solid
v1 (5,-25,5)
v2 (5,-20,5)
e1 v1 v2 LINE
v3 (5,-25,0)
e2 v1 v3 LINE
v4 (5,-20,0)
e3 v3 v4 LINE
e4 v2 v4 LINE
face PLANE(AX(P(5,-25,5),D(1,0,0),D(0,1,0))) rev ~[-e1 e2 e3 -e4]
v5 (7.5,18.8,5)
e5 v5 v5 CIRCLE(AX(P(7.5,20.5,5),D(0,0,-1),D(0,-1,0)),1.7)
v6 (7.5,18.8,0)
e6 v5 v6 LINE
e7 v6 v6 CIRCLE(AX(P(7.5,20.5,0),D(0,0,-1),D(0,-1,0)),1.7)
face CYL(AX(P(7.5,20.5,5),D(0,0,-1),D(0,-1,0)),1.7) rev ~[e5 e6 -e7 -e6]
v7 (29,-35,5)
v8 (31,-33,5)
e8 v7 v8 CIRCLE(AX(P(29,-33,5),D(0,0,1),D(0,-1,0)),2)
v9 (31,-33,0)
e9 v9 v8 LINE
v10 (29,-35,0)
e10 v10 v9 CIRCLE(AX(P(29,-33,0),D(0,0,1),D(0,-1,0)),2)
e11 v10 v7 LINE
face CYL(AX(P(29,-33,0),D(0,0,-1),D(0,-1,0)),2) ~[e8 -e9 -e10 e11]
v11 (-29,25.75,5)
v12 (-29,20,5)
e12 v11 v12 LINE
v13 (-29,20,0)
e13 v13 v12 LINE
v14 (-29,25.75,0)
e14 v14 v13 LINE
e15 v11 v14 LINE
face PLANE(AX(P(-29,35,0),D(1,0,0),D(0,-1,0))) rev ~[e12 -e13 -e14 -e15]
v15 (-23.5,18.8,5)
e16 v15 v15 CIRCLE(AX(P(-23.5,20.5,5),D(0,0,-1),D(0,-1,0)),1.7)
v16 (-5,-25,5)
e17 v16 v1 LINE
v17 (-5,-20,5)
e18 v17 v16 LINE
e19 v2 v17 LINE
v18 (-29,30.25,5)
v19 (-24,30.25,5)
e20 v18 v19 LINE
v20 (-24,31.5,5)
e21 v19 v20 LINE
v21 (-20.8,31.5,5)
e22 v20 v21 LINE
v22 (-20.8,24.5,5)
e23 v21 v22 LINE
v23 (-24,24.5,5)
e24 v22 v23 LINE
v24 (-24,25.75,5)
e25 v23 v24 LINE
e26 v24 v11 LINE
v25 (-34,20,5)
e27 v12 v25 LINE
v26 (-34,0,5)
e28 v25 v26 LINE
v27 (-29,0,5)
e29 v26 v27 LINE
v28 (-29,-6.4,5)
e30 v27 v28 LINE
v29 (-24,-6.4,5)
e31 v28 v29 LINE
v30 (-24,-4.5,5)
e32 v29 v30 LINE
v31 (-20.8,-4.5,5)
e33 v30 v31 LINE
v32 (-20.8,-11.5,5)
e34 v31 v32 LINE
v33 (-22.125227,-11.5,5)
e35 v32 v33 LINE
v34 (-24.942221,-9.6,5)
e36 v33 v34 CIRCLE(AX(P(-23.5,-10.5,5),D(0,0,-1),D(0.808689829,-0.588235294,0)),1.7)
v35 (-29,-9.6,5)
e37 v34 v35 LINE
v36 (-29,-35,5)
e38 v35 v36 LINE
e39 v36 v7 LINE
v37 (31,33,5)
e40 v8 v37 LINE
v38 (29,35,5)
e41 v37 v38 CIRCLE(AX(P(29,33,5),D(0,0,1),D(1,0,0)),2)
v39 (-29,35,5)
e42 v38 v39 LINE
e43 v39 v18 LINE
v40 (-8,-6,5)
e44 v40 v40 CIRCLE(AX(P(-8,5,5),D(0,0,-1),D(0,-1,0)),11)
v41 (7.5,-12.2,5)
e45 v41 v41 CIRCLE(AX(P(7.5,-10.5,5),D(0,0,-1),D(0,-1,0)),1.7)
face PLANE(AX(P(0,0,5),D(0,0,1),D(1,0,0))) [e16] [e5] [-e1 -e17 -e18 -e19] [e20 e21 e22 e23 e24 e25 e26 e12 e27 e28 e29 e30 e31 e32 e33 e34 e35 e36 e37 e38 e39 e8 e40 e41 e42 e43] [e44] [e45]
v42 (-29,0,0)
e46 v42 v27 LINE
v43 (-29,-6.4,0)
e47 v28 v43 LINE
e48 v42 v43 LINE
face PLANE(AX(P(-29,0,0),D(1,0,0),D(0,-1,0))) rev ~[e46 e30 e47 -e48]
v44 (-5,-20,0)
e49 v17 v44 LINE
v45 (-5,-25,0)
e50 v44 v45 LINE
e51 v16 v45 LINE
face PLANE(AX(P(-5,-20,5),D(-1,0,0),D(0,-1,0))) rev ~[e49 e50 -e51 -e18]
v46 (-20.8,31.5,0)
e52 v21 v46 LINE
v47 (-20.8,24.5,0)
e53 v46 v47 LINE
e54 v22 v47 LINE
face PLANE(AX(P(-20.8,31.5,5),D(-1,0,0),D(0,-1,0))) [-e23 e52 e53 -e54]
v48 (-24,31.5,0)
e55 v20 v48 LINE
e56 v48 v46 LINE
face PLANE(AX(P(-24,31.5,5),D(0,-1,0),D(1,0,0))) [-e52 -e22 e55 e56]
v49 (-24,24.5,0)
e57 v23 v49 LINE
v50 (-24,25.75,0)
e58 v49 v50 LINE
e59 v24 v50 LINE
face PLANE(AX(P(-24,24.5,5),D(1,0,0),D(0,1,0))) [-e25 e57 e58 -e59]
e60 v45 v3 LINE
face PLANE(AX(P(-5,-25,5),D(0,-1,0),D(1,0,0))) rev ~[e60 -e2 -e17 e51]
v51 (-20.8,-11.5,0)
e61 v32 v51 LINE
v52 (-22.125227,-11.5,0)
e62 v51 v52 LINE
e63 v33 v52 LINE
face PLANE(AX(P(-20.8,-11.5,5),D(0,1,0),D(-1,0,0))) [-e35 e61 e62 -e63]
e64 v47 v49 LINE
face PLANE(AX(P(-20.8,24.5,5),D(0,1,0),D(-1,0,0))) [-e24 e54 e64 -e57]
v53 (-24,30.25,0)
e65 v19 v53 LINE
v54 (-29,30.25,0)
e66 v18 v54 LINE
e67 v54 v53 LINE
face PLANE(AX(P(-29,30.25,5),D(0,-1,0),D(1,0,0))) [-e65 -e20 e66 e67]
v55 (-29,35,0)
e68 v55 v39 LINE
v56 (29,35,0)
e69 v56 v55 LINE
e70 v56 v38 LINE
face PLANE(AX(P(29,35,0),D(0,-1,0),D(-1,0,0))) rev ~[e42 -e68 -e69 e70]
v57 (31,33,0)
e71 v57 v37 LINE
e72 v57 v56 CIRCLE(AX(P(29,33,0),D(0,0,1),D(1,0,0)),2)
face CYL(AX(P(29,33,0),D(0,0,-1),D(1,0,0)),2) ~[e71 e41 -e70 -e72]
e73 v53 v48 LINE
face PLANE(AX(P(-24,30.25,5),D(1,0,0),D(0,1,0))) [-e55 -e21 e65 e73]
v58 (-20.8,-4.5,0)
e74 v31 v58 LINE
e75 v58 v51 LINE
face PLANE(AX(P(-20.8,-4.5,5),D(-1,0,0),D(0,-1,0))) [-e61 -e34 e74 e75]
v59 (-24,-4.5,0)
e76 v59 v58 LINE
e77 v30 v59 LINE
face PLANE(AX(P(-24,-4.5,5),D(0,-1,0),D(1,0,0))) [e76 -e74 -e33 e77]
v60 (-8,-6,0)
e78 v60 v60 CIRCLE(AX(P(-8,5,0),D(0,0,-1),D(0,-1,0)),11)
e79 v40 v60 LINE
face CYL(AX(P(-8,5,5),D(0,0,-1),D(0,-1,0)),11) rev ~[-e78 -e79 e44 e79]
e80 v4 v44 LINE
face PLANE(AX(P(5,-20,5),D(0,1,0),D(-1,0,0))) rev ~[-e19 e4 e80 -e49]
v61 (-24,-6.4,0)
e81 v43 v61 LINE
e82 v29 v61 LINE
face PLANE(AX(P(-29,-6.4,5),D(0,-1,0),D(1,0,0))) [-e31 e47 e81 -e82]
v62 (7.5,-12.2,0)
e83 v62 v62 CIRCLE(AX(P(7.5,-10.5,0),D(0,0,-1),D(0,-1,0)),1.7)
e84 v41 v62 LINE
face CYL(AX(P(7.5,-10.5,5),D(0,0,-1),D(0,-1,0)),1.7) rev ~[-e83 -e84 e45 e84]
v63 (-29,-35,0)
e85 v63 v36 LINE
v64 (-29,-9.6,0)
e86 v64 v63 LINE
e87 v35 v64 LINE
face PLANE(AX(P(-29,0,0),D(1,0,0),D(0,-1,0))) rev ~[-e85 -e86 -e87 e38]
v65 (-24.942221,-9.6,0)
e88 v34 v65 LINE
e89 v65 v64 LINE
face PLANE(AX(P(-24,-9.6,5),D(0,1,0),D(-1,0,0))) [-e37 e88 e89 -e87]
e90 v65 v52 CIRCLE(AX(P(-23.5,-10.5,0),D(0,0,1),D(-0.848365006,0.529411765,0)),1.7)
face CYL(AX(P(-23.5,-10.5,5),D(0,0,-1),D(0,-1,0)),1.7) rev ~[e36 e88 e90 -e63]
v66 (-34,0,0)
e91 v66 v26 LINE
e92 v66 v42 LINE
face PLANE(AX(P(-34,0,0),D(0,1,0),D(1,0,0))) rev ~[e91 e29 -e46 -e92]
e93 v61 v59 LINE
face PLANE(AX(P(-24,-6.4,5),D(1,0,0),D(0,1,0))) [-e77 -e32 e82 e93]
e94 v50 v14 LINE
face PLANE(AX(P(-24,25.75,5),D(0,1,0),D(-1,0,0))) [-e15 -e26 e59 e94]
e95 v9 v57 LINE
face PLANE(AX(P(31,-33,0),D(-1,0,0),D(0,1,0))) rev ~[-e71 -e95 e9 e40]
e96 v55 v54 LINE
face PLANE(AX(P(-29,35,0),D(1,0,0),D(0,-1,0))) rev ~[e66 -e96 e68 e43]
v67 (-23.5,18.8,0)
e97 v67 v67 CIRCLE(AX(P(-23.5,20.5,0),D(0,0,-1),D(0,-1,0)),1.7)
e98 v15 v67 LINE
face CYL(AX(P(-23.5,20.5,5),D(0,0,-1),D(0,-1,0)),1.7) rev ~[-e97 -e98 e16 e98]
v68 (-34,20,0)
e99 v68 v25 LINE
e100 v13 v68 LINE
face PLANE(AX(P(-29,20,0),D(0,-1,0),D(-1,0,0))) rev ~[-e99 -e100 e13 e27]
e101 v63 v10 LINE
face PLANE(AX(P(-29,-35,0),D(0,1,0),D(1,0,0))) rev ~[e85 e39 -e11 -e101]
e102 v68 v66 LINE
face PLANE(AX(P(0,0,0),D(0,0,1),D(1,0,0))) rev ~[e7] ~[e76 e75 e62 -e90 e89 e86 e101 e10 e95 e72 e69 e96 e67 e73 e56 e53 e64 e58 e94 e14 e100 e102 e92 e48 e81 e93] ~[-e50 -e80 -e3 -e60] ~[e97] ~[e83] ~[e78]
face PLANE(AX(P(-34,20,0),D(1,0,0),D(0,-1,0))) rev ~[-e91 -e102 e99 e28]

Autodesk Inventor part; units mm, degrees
ref_plane "YZ Plane" through (0, 0, 0) normal (1, 0, 0) x (0, 1, 0)
ref_plane "XZ Plane" through (0, 0, 0) normal (0, 1, 0) x (-1, 0, 0)
ref_plane "XY Plane" through (0, 0, 0) normal (0, 0, 1) x (1, 0, 0)
sketch "Sketch1" plane through (0, 0, 0) normal (0, 0, 1) x (1, 0, 0)
  line L0 (29, 35) -> (-29, 35)
  line L1 (-29, 35) -> (-29, 20)
  line L2 (-29, 20) -> (-34, 20)
  line L3 (-34, 20) -> (-34, 0)
  line L4 (-34, 0) -> (-29, 0)
  line L5 (-29, 0) -> (-29, -35)
  line L6 (-29, -35) -> (29, -35)
  line L7 (31, -33) -> (31, 33)
  arc A0 (31, 33) -> (29, 35) centre (29, 33) ccw
  arc A1 (29, -35) -> (31, -33) centre (29, -33) ccw
  point P0 (0, 0)
  point P1 (31, 35)
  point P2 (31, -35)
  point P3 (31, 0)
  point P4 (0, 35)
  dimension "d0" = 70
  dimension "d1" = 5
  dimension "d2" = 20
  dimension "d3" = 15
  dimension "d4" = 60
  dimension "d7" = 2
extrude "Extrusion1" add sketch "Sketch1" along normal blind 5
sketch "Sketch2" plane through (0, 0, 5) normal (0, 0, 1) x (1, 0, 0)
  line L0 (-29, 35) -> (-29, 20) projected
  point P0 (0, 0)
  point P1 (-8, 5)
  dimension "d8" = 5
  dimension "d33" = 21
hole "Hole1" at (-8, 5, 5) direction (0, 0, -1) diameter 22 depth 8 tip angle 118
sketch "Sketch3" plane through (0, 0, 5) normal (0, 0, 1) x (1, 0, 0)
  circle A0 centre (-8, 5) radius 11 projected
  line L0 (-23.5, -10.5) -> (7.5, -10.5) construction
  line L1 (7.5, -10.5) -> (7.5, 20.5) construction
  line L2 (7.5, 20.5) -> (-23.5, 20.5) construction
  line L3 (-23.5, 20.5) -> (-23.5, -10.5) construction
  line L4 (-23.5, -10.5) -> (7.5, 20.5) construction
  line L5 (7.5, -10.5) -> (-23.5, 20.5) construction
  point P0 (0, 0)
  dimension "d17" = 31
  dimension "d18" = 31
hole "Hole2" at (-23.5, 20.5, 5) at (7.5, 20.5, 5) at (7.5, -10.5, 5) at (-23.5, -10.5, 5) direction (0, 0, -1) diameter 3.4 depth 8 tip angle 118 clearance for "Countersunk Flat Head Screw DIN EN ISO 2009" size "M3" standard "DIN"
sketch "Sketch4" plane through (0, 0, 5) normal (0, 0, 1) x (1, 0, 0)
  line L0 (-29, 20) -> (-29, 35) projected
  line L1 (-29, 30.25) -> (-24, 30.25)
  line L2 (-24, 30.25) -> (-24, 31.5)
  line L3 (-24, 31.5) -> (-20.8, 31.5)
  line L4 (-20.8, 31.5) -> (-20.8, 24.5)
  line L5 (-20.8, 24.5) -> (-24, 24.5)
  line L6 (-24, 24.5) -> (-24, 25.75)
  line L7 (-24, 25.75) -> (-29, 25.75)
  line L8 (-29, 25.75) -> (-29, 30.25)
  line L9 (-29, 20) -> (-34, 20) projected
  line L10 (-29, -6.4) -> (-24, -6.4)
  line L11 (-24, -6.4) -> (-24, -4.5)
  line L12 (-24, -4.5) -> (-20.8, -4.5)
  line L13 (-20.8, -4.5) -> (-20.8, -11.5)
  line L14 (-20.8, -11.5) -> (-24, -11.5)
  line L15 (-24, -11.5) -> (-24, -9.6)
  line L16 (-24, -9.6) -> (-29, -9.6)
  line L17 (-29, -9.6) -> (-29, -6.4)
  line L18 (-29, -35) -> (-29, 0) projected
  line L19 (-34, 0) -> (-29, 0) projected
  point P0 (0, 0)
  point P1 (-29, 28)
  point P2 (-20.8, 28)
  point P3 (-20.8, -8)
  point P4 (-29, -8)
  dimension "d37" = 7
  dimension "d38" = 3.2
  dimension "d39" = 5
  dimension "d42" = 4.5
  dimension "d43" = 8
  dimension "d44" = 7
  dimension "d45" = 3.2
  dimension "d46" = 5
  dimension "d47" = 3.2
  dimension "d48" = 8
extrude "Extrusion2" cut sketch "Sketch4" against normal blind 5
sketch "Sketch5" plane through (0, 0, 5) normal (0, 0, 1) x (1, 0, 0)
  line L0 (-5, -25) -> (5, -25)
  line L1 (5, -25) -> (5, -20)
  line L2 (5, -20) -> (-5, -20)
  line L3 (-5, -20) -> (-5, -25)
  line L4 (-5, -25) -> (5, -20) construction
  line L5 (5, -25) -> (-5, -20) construction
  line L6 (-29, -35) -> (29, -35) projected
  point P0 (0, 0)
  point P1 (0, -22.5)
  point P2 (0, -22.5)
  dimension "d28" = 10
  dimension "d29" = 5
  dimension "d34" = 10
extrude "Extrusion3" cut sketch "Sketch5" against normal blind 5
properties part number "Belt_Holder2" material "Polycarbonate, Clear"
